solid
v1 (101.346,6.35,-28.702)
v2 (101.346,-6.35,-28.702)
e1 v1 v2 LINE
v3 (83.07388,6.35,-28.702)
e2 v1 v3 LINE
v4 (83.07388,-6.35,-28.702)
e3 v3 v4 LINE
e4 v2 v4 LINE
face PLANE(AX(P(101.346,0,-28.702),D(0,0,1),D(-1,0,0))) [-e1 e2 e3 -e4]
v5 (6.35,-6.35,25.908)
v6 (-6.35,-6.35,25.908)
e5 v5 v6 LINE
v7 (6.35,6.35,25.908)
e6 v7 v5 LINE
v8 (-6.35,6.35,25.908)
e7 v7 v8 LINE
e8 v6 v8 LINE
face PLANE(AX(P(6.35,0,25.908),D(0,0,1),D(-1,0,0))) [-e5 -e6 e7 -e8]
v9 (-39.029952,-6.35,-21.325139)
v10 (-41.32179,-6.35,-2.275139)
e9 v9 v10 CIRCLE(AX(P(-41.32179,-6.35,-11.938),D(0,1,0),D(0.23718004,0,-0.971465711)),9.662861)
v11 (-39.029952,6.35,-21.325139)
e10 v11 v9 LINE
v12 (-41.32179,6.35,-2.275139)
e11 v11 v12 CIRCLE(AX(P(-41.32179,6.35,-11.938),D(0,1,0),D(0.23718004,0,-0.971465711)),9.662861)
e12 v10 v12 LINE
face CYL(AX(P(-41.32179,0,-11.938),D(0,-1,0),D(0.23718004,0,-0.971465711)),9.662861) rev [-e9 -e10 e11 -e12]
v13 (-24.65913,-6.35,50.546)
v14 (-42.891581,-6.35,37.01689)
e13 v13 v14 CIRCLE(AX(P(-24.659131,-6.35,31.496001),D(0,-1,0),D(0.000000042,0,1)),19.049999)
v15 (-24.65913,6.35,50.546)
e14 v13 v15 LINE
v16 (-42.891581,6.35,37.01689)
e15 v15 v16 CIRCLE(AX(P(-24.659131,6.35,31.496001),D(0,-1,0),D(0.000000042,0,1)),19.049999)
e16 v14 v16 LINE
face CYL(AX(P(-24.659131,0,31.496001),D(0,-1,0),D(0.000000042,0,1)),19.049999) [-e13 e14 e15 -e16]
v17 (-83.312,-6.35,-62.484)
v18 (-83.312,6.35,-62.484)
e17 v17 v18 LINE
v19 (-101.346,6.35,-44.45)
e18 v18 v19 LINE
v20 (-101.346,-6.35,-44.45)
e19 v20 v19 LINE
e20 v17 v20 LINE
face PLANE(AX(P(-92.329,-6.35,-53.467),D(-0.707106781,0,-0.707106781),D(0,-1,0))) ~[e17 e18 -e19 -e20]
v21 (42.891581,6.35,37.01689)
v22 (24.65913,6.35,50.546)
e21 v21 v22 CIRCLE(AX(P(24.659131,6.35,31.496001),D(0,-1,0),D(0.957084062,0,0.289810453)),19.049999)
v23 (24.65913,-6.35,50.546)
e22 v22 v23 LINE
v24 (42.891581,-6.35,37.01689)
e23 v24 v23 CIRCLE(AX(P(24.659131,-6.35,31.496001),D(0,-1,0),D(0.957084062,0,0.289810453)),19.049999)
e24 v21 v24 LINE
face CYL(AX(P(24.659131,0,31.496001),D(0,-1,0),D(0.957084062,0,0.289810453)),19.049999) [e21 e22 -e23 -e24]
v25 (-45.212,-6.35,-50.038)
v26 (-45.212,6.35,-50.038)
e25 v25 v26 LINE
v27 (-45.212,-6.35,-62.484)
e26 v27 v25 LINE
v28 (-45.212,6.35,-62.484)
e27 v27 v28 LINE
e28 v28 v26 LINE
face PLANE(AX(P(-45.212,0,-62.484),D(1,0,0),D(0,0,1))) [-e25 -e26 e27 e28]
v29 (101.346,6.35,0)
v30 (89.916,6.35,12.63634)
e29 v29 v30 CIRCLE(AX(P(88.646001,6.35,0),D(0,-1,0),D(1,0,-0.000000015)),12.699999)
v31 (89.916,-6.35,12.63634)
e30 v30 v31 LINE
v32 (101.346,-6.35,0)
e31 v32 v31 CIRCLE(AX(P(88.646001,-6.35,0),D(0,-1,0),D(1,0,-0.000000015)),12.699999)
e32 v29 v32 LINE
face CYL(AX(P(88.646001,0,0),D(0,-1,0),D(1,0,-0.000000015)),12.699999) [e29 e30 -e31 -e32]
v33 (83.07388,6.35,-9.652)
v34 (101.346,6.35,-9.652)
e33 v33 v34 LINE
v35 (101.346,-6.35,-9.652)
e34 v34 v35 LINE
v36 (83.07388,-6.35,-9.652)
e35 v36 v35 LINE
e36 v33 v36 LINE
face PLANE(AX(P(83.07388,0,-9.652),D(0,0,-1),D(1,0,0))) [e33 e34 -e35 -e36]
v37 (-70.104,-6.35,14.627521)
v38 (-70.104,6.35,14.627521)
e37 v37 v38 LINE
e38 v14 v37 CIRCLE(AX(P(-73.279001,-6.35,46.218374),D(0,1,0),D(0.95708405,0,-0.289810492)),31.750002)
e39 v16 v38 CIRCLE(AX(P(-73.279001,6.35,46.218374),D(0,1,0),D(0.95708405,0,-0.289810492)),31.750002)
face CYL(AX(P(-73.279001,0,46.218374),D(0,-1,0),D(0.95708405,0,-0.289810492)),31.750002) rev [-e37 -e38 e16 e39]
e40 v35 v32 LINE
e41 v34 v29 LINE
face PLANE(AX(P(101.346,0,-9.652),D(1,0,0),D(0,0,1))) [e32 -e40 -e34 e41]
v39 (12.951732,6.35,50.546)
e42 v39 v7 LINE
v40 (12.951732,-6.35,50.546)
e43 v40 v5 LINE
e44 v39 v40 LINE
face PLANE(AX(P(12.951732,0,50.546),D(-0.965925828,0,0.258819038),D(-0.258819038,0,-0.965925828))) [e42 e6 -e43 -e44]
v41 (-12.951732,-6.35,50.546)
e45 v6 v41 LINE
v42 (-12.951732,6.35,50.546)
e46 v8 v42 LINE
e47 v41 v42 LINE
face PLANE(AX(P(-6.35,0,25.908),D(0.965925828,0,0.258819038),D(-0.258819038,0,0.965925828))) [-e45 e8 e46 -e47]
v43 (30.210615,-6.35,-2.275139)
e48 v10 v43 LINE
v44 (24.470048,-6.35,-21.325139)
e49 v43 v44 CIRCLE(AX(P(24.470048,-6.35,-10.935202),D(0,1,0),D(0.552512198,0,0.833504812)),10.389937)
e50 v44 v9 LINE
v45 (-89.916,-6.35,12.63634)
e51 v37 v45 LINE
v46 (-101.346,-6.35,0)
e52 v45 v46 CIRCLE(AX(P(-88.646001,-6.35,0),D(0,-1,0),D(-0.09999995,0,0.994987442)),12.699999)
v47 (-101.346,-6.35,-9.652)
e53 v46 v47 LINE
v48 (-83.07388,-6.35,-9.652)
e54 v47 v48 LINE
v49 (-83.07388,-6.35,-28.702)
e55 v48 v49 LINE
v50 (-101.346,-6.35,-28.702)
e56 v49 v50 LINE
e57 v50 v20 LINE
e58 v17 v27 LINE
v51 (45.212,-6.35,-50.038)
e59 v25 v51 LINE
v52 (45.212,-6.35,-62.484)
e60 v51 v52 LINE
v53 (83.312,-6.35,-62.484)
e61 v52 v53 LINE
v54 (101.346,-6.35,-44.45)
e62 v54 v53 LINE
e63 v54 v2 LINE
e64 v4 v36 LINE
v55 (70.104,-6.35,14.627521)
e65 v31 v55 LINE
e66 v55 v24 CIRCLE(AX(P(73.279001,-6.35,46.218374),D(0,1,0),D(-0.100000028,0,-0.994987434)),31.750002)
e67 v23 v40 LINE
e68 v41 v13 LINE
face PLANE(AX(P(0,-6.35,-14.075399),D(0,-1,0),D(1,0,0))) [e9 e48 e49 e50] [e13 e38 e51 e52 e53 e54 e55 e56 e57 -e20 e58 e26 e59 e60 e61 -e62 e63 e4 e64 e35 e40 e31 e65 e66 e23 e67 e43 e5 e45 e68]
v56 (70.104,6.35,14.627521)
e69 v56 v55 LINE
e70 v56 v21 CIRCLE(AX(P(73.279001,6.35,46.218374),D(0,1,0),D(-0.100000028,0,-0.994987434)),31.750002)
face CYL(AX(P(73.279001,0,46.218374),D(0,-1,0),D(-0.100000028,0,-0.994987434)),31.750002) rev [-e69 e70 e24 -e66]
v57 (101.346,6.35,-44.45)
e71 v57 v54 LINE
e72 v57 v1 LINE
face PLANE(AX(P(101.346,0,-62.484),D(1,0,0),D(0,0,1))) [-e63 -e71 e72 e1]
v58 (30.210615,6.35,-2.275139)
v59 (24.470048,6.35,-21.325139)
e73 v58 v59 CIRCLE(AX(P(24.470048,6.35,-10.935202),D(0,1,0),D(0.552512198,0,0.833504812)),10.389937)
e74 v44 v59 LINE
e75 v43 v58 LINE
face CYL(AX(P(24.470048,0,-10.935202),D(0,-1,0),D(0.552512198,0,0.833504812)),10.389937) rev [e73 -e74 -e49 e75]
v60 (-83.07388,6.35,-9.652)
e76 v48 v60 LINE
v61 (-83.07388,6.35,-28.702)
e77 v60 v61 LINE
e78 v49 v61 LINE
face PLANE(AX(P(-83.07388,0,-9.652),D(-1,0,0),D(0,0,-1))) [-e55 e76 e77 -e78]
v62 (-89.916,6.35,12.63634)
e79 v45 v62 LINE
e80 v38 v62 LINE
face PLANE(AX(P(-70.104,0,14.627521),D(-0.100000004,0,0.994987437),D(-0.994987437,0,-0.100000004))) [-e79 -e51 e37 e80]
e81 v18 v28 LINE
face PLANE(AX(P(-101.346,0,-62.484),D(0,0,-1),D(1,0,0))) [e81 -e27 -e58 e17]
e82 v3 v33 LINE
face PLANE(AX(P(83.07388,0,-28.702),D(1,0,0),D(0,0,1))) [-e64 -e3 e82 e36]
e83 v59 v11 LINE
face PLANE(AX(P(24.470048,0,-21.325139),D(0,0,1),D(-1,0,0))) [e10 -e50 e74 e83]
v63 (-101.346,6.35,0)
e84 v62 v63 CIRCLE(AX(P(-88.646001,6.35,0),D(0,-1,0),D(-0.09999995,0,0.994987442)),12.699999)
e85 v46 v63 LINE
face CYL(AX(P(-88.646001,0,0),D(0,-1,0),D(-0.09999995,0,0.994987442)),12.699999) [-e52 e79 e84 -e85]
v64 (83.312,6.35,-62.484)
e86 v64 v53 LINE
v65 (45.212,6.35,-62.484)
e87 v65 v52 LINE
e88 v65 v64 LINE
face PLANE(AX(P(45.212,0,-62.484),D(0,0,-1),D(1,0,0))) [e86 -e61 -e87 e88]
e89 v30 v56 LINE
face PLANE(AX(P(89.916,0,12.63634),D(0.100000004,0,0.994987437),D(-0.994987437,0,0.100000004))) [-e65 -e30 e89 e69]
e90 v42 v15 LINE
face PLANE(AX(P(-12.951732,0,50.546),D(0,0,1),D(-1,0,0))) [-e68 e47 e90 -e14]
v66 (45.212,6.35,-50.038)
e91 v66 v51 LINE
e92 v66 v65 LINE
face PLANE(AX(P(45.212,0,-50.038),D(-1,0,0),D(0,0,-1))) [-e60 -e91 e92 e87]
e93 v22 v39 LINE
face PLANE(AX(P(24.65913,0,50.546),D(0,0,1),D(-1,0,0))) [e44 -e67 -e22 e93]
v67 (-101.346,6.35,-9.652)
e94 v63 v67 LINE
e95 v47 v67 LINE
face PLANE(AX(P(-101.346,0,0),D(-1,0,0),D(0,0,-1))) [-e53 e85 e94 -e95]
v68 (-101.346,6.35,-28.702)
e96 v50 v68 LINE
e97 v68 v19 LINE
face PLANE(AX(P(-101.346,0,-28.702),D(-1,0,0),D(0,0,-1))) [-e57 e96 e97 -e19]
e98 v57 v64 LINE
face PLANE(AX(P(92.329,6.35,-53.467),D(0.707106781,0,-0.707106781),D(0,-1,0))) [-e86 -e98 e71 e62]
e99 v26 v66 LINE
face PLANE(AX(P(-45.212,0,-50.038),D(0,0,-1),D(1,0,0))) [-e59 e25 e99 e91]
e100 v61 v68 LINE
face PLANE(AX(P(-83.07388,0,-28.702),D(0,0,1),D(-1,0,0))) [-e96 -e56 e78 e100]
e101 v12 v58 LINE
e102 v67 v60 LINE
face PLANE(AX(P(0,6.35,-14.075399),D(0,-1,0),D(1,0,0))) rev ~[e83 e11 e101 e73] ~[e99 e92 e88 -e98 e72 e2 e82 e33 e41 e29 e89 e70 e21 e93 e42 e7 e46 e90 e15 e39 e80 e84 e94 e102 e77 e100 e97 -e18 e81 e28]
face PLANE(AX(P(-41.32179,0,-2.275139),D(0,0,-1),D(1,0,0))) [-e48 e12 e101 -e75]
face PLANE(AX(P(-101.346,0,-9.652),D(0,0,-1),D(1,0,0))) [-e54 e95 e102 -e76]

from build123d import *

# Parameters (mm, degrees)
F1_DEPTH = 6.35
F2_SIZE  = 18.034


with BuildPart() as f1:
    # F0 (on Front) → F1 (new body, symmetric)
    with BuildSketch(Plane.XZ):
        with BuildLine():
            Line((-45.212, -50.038), (45.212, -50.038))
            Line((45.212, -50.038), (45.212, -62.484))
            Line((45.212, -62.484), (101.346, -62.484))
            Line((101.346, -62.484), (101.346, -28.702))
            Line((101.346, -28.702), (83.07388, -28.702))
            Line((83.07388, -28.702), (83.07388, -9.652))
            Line((83.07388, -9.652), (101.346, -9.652))
            Line((101.346, -9.652), (101.346, 0))
            ThreePointArc((101.346, 0), (98.064572, 8.519419), (89.916, 12.63634))
            Line((89.916, 12.63634), (70.104, 14.627521))
            ThreePointArc((70.104, 14.627521), (53.106495, 21.700368), (42.891581, 37.01689))
            ThreePointArc((42.891581, 37.01689), (36.010992, 46.794292), (24.65913, 50.546))
            Line((24.65913, 50.546), (12.951732, 50.546))
            Line((12.951732, 50.546), (6.35, 25.908))
            Line((6.35, 25.908), (-6.35, 25.908))
            Line((-6.35, 25.908), (-12.951732, 50.546))
            Line((-12.951732, 50.546), (-24.65913, 50.546))
            ThreePointArc((-24.65913, 50.546), (-36.010992, 46.794292), (-42.891581, 37.01689))
            ThreePointArc((-42.891581, 37.01689), (-53.106495, 21.700368), (-70.104, 14.627521))
            Line((-70.104, 14.627521), (-89.916, 12.63634))
            ThreePointArc((-89.916, 12.63634), (-98.064572, 8.519419), (-101.346, 0))
            Line((-101.346, 0), (-101.346, -9.652))
            Line((-101.346, -9.652), (-83.07388, -9.652))
            Line((-83.07388, -9.652), (-83.07388, -28.702))
            Line((-83.07388, -28.702), (-101.346, -28.702))
            Line((-101.346, -28.702), (-101.346, -62.484))
            Line((-101.346, -62.484), (-45.212, -62.484))
            Line((-45.212, -62.484), (-45.212, -50.038))
        make_face()
        with BuildLine():
            ThreePointArc((-39.029952, -21.325139), (-50.915473, -13.092182), (-41.32179, -2.275139))
            Line((-41.32179, -2.275139), (30.210615, -2.275139))
            ThreePointArc((30.210615, -2.275139), (34.418121, -13.932974), (24.470048, -21.325139))
            Line((24.470048, -21.325139), (-39.029952, -21.325139))
        make_face(mode=Mode.SUBTRACT)
    extrude(amount=F1_DEPTH, both=True)

    # F2
    f2_edges = [f1.edges().sort_by_distance(p)[0] for p in [
        (-101.346, 0, -62.484),
        (101.346, 0, -62.484),
    ]]
    chamfer(f2_edges, length=F2_SIZE)


solid = f1.part
